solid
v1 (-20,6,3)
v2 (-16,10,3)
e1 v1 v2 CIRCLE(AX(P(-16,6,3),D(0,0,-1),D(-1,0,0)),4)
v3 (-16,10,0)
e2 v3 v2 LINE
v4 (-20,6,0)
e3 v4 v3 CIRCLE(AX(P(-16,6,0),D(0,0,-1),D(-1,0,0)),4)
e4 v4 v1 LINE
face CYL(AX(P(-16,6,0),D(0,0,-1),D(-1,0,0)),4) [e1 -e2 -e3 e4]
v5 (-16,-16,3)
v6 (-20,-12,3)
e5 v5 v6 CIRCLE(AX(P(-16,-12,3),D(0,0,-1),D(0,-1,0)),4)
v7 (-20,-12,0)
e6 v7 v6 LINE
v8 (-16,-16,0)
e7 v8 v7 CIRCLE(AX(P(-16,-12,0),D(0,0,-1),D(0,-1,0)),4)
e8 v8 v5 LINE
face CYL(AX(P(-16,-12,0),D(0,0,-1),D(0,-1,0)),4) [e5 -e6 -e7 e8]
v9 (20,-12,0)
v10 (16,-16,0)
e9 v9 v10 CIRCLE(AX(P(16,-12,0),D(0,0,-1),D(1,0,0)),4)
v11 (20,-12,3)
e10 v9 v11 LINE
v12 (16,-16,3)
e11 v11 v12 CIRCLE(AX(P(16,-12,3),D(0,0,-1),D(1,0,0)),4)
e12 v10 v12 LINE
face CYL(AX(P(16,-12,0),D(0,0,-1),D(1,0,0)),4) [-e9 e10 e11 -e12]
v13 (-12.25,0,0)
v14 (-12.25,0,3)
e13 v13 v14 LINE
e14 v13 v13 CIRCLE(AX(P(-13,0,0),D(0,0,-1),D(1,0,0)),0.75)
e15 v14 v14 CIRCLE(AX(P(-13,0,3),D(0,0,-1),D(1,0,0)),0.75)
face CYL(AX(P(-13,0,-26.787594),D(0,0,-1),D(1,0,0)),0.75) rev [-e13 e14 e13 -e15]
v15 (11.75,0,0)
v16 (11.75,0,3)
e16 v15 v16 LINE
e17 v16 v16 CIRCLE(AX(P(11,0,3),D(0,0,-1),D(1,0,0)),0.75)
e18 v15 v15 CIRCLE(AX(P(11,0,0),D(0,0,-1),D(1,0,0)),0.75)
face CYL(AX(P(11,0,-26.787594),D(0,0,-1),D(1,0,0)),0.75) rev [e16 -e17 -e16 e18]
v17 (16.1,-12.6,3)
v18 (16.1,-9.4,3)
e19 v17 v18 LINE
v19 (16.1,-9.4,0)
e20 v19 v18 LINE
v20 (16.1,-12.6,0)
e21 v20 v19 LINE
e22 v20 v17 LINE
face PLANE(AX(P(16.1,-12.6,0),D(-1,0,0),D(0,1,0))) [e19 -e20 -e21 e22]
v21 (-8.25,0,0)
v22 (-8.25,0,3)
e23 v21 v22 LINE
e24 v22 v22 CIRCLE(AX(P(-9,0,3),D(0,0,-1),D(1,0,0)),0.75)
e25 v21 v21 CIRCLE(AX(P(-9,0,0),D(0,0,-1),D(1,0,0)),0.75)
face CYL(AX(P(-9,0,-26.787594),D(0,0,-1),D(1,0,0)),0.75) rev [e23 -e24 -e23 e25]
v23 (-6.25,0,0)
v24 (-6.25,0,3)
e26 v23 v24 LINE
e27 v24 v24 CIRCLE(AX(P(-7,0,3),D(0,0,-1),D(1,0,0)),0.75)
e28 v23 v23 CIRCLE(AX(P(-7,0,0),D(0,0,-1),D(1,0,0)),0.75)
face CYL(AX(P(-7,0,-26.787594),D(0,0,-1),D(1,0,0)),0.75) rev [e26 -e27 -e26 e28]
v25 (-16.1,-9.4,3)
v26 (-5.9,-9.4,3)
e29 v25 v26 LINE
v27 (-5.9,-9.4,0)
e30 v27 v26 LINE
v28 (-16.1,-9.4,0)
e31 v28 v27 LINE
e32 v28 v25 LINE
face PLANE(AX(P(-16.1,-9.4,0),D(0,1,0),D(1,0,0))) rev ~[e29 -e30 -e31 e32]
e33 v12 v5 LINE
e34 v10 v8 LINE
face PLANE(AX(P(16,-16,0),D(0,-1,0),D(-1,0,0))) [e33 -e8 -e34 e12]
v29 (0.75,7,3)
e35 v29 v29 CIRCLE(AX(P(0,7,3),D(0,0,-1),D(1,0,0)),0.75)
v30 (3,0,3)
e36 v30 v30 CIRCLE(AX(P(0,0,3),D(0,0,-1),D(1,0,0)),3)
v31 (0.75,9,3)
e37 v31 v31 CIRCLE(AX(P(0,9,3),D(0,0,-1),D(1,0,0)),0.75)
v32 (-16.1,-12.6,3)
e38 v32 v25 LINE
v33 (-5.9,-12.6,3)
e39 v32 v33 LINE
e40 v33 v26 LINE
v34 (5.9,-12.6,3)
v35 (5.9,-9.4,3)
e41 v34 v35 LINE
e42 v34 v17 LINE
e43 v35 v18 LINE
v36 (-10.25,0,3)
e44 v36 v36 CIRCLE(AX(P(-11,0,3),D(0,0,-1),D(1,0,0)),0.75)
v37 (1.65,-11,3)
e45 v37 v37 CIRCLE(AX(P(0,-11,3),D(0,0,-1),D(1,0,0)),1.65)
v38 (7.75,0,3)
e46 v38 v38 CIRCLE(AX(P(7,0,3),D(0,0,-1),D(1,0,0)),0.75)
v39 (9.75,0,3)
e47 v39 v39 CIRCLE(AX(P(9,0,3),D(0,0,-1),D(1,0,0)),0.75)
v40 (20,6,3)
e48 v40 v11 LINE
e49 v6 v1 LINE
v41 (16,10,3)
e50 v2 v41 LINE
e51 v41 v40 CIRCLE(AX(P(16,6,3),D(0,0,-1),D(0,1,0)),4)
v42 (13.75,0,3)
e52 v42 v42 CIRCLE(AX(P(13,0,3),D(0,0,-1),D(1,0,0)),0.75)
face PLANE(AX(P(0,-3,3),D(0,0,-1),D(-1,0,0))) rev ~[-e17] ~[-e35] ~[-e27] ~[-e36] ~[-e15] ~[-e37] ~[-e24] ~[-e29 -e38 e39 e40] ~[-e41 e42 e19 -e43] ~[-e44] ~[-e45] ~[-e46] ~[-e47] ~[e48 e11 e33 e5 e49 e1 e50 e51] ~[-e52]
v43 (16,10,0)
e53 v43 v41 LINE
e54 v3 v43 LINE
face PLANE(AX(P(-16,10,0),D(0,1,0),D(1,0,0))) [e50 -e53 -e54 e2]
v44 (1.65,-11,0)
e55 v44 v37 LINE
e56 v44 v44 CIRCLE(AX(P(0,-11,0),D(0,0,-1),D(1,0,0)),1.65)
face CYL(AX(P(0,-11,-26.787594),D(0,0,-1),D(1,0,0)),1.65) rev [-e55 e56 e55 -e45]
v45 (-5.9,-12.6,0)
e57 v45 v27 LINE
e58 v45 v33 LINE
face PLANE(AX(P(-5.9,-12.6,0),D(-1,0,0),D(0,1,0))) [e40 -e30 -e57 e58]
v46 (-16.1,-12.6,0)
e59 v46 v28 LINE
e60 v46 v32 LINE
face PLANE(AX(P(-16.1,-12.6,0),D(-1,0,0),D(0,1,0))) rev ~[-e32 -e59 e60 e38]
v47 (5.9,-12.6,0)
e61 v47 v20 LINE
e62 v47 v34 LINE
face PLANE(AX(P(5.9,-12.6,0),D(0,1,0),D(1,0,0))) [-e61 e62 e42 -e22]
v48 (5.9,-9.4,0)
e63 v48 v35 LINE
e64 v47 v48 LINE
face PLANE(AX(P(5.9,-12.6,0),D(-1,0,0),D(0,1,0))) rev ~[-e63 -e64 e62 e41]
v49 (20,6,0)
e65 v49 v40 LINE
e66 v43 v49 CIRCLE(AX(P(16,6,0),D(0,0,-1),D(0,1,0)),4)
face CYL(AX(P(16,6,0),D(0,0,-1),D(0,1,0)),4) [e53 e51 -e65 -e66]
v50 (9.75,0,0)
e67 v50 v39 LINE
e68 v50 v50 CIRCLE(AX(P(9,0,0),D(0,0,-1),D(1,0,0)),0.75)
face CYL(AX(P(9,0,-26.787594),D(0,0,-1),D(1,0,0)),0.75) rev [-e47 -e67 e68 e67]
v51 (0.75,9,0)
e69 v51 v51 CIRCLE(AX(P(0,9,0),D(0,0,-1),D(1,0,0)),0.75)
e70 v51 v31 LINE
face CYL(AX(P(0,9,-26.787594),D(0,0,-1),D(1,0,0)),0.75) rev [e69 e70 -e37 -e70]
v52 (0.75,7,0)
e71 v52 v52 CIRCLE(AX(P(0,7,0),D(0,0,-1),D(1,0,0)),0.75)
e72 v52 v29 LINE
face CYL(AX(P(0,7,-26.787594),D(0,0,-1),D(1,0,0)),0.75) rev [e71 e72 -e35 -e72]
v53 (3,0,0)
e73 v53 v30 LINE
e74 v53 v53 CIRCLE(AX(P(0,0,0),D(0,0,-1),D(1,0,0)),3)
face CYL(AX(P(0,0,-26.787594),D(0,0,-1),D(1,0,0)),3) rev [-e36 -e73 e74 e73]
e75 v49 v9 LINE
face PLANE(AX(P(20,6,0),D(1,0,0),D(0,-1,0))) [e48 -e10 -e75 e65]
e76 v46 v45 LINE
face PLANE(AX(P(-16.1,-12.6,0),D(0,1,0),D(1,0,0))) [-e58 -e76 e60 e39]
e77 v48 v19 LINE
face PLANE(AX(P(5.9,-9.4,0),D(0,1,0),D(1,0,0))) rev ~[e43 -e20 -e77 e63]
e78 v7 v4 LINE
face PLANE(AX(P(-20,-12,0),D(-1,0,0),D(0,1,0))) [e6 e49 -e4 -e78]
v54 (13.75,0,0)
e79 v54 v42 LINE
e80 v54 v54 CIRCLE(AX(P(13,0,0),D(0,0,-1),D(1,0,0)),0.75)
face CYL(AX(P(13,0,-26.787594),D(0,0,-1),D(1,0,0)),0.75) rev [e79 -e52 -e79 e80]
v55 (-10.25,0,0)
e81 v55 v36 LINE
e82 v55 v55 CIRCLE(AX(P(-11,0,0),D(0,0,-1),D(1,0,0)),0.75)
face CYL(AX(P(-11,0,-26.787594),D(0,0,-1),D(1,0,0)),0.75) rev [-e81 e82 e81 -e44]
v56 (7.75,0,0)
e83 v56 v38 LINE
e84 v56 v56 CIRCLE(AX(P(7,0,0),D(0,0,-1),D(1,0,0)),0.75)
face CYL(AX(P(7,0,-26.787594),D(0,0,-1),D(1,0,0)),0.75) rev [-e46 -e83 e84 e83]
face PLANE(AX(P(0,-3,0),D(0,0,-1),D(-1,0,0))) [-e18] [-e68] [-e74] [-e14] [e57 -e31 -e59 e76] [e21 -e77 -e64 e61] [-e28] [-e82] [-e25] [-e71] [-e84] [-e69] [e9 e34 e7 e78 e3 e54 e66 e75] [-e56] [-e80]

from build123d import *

# Parameters (mm, degrees)
ESKIZ_KONTUR_W        = 10.2
ESKIZ_KONTUR_H        = 3.2
PLASTINA_DEPTH        = 3
OTVERSTIYA_DEPTH      = 26.787593916
OTVERSTIYA_DEPTH_BACK = 26.787593916
ESKIZ_OTVERSTIYA_R    = 1.65
ESKIZ_OTVERSTIYA_R_2  = 0.75
ESKIZ_OTVERSTIYA_R_3  = 3


with BuildPart() as part:
    # Eskiz_kontur → Plastina (new body)
    with BuildSketch(Plane.XY):
        with BuildLine():
            Line((-20, -12), (-20, 6))
            ThreePointArc((-20, 6), (-18.828427125, 8.828427125), (-16, 10))
            Line((-16, 10), (16, 10))
            ThreePointArc((16, 10), (18.828427125, 8.828427125), (20, 6))
            Line((20, 6), (20, -12))
            ThreePointArc((20, -12), (18.828427125, -14.828427125), (16, -16))
            Line((16, -16), (-16, -16))
            ThreePointArc((-16, -16), (-18.828427125, -14.828427125), (-20, -12))
        make_face()
        with Locations((-11, -11)):
            Rectangle(ESKIZ_KONTUR_W, ESKIZ_KONTUR_H, mode=Mode.SUBTRACT)
        with Locations((11, -11)):
            Rectangle(ESKIZ_KONTUR_W, ESKIZ_KONTUR_H, mode=Mode.SUBTRACT)
    extrude(amount=PLASTINA_DEPTH)

    # Eskiz_otverstiya → Otverstiya (cut, two sides: drawn at the far end of the back side and taken through both)
    with BuildSketch(Plane.XY.offset(-OTVERSTIYA_DEPTH_BACK)):
        with Locations((0, -11)):
            Circle(ESKIZ_OTVERSTIYA_R)
        with Locations((-13, 0)):
            Circle(ESKIZ_OTVERSTIYA_R_2)
        with Locations((-11, 0)):
            Circle(ESKIZ_OTVERSTIYA_R_2)
        with Locations((-9, 0)):
            Circle(ESKIZ_OTVERSTIYA_R_2)
        with Locations((-7, 0)):
            Circle(ESKIZ_OTVERSTIYA_R_2)
        Circle(ESKIZ_OTVERSTIYA_R_3)
        with Locations((7, 0)):
            Circle(ESKIZ_OTVERSTIYA_R_2)
        with Locations((9, 0)):
            Circle(ESKIZ_OTVERSTIYA_R_2)
        with Locations((11, 0)):
            Circle(ESKIZ_OTVERSTIYA_R_2)
        with Locations((13, 0)):
            Circle(ESKIZ_OTVERSTIYA_R_2)
        with Locations((0, 7)):
            Circle(ESKIZ_OTVERSTIYA_R_2)
        with Locations((0, 9)):
            Circle(ESKIZ_OTVERSTIYA_R_2)
    extrude(amount=OTVERSTIYA_DEPTH + OTVERSTIYA_DEPTH_BACK, mode=Mode.SUBTRACT)


solid = part.part
